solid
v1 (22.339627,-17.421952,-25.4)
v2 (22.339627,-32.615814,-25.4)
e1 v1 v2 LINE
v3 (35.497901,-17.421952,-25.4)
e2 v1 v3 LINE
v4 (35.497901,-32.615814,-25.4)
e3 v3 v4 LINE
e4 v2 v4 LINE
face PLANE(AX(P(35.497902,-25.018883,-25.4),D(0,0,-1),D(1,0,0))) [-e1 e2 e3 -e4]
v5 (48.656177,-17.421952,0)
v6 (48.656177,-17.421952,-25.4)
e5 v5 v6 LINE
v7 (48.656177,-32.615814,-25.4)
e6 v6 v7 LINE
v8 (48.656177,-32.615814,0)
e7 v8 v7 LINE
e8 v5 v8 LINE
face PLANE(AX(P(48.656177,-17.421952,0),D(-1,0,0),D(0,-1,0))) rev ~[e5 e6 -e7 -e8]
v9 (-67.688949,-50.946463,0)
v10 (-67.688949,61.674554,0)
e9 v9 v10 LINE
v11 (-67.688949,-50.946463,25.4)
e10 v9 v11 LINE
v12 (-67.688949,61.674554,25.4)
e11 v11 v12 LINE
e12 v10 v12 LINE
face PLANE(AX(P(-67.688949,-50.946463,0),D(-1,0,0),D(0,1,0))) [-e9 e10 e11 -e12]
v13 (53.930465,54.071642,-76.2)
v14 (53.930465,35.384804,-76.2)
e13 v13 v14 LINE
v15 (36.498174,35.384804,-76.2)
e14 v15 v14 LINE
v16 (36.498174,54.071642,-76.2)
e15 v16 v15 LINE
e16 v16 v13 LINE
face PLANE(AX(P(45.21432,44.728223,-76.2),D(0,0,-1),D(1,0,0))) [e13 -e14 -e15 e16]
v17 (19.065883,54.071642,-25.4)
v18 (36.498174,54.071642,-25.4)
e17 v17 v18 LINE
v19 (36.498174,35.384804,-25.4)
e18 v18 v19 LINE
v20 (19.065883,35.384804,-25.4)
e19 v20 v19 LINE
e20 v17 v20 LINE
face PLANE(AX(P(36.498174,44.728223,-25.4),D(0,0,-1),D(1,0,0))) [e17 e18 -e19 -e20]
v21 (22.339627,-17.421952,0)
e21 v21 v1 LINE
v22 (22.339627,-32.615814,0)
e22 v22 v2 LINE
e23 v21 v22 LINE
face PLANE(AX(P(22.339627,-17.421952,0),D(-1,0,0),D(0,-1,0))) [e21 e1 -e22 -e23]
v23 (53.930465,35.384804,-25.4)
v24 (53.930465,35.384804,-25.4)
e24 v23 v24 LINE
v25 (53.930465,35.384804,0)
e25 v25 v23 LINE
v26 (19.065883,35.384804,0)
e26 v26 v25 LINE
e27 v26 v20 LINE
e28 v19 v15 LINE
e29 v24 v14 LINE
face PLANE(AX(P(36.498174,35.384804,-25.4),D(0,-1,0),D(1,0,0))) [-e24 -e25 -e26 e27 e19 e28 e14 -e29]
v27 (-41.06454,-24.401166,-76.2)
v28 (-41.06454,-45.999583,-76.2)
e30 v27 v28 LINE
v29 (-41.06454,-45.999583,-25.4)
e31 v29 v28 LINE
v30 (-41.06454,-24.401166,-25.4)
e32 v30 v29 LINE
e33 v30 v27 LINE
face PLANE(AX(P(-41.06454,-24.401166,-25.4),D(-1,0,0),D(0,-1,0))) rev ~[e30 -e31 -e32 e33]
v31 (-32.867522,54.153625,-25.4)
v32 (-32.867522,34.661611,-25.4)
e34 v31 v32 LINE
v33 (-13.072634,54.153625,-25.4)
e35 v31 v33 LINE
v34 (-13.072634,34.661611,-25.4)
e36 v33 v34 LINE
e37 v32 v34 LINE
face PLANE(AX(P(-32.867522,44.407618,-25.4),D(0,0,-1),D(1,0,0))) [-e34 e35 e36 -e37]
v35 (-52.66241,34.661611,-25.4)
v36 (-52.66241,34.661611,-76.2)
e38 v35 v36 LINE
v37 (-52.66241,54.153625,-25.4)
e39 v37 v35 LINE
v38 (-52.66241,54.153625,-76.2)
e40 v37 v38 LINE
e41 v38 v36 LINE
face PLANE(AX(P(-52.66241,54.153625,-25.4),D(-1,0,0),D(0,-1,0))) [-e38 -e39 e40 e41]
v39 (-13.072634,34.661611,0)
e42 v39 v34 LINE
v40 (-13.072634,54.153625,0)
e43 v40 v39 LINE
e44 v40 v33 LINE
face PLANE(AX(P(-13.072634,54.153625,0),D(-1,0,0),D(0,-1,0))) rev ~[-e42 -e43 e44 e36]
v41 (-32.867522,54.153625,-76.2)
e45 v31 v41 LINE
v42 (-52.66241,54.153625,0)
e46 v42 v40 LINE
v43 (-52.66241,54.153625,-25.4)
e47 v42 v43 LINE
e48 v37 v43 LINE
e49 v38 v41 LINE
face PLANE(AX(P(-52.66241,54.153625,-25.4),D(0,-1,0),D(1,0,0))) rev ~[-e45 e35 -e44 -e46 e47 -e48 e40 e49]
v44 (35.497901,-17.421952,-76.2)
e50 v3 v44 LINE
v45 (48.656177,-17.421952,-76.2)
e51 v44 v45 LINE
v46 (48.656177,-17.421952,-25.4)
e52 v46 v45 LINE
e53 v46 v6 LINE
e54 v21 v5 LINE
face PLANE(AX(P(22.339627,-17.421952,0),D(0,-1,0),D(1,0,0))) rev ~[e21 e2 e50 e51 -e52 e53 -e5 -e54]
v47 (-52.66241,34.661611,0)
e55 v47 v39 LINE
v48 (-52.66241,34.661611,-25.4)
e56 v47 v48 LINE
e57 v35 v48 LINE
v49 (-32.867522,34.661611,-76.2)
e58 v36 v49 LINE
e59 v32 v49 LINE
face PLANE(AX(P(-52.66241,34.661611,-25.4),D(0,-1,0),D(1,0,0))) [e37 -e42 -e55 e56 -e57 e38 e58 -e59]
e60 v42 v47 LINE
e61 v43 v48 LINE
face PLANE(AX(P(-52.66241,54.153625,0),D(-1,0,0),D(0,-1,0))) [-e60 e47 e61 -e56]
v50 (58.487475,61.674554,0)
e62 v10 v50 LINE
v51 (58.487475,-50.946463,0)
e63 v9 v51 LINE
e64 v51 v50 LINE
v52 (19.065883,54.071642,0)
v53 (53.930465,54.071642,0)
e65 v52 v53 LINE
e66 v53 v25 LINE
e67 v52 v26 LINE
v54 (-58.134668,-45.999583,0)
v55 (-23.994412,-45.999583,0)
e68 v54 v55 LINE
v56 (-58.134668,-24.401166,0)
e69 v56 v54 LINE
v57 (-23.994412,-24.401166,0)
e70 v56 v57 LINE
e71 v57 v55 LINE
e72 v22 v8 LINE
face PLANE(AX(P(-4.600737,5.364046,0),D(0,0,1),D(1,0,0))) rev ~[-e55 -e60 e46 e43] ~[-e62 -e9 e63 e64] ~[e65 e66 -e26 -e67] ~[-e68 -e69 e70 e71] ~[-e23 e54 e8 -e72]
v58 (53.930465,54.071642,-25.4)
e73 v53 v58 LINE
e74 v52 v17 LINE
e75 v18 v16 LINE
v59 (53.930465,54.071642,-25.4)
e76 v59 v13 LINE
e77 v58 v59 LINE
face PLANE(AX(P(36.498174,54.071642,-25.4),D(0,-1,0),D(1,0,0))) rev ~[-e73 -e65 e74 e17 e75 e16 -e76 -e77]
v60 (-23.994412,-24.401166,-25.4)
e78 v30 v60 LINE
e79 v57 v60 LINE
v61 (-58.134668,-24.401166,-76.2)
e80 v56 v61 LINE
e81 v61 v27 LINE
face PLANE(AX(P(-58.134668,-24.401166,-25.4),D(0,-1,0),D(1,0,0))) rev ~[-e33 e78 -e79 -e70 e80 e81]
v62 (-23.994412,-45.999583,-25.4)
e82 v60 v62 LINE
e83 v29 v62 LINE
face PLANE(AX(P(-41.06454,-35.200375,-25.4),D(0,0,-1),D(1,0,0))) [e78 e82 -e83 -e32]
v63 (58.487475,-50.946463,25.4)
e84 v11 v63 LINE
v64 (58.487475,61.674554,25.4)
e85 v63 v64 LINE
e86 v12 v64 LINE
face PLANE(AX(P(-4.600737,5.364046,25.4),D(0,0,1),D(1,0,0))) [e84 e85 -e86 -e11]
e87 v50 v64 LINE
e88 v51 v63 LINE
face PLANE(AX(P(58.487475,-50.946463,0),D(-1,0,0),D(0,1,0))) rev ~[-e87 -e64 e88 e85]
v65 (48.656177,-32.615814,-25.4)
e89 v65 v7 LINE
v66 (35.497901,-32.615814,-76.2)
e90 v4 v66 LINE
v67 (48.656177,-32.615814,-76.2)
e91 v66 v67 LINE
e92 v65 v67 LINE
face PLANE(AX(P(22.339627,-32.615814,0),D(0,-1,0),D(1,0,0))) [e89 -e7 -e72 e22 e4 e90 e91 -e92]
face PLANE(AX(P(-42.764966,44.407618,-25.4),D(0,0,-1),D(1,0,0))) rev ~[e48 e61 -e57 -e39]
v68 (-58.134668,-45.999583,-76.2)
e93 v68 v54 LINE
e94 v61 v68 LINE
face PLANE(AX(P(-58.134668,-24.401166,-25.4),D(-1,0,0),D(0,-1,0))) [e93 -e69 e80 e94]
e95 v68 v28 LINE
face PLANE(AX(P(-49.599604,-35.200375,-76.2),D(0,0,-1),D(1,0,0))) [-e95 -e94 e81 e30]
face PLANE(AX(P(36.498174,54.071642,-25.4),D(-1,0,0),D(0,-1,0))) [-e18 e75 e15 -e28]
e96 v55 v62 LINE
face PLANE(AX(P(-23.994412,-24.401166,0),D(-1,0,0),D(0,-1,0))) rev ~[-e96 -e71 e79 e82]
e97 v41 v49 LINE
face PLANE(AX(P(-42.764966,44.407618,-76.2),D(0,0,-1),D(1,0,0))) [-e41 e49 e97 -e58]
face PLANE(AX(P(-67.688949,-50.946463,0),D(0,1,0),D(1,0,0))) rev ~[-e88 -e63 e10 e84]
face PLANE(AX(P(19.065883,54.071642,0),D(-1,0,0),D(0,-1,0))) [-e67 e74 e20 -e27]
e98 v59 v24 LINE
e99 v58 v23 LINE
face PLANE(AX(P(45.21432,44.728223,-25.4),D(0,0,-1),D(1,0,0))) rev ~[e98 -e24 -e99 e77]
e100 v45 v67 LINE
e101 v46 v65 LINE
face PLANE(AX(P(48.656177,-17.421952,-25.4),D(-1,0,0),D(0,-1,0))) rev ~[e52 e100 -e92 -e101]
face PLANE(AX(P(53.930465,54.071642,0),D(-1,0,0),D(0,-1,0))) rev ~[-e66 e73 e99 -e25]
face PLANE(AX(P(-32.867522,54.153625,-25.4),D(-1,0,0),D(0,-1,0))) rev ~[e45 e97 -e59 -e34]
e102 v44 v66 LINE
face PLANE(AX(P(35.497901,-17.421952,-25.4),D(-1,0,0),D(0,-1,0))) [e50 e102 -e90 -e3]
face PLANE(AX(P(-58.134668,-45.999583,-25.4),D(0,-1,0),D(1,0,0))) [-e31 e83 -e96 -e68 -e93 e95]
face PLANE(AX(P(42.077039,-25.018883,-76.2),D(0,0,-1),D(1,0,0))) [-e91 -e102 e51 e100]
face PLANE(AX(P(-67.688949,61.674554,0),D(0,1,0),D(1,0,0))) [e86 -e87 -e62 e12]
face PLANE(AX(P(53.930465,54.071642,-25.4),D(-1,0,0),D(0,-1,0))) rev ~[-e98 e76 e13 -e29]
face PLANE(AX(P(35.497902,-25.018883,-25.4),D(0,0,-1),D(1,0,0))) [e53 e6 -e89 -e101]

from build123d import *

# Parameters (mm, degrees)
F0_W      = 126.176424
F0_H      = 112.621017
F1_DEPTH  = 25.4
F2_W      = 26.31655
F2_H      = 15.193862
F3_DEPTH  = 25.4
F4_W      = 34.140256
F4_H      = 21.598417
F5_DEPTH  = 25.4
F7_W      = 34.864582
F7_H      = 18.686838
F8_DEPTH  = 25.4
F6_W      = 39.589775
F6_H      = 19.492015
F11_DEPTH = 25.4
F9_W      = 17.070128
F9_H      = 21.598417
F12_DEPTH = 50.8
F10_W     = 13.158275
F10_H     = 15.193862
F13_DEPTH = 50.8
F14_W     = 17.432291
F14_H     = 18.686838
F15_DEPTH = 50.8
F16_W     = 19.794888
F16_H     = 19.492015
F17_DEPTH = 50.8


with BuildPart() as f1:
    # F0 (on Top) → F1 (new body)
    with BuildSketch(Plane.XY):
        with Locations((-4.600737, 5.364046)):
            Rectangle(F0_W, F0_H)
    extrude(amount=F1_DEPTH)

    # F2 (on face) → F3 (join)
    with BuildSketch(Plane(origin=(0, 0, 0), x_dir=(1, 0, 0), z_dir=(0, 0, -1))):
        with Locations((35.497902, 25.018883)):
            Rectangle(F2_W, F2_H)
    extrude(amount=F3_DEPTH)

    # F4 (on face) → F5 (join)
    with BuildSketch(Plane(origin=(0, 0, 0), x_dir=(1, 0, 0), z_dir=(0, 0, -1))):
        with Locations((-41.06454, 35.200375)):
            Rectangle(F4_W, F4_H)
    extrude(amount=F5_DEPTH)

    # F7 (on face) → F8 (join)
    with BuildSketch(Plane(origin=(0, 0, 0), x_dir=(1, 0, 0), z_dir=(0, 0, -1))):
        with Locations((36.498174, -44.728223)):
            Rectangle(F7_W, F7_H)
    extrude(amount=F8_DEPTH)

    # F6 (on face) → F11 (join)
    with BuildSketch(Plane(origin=(0, 0, 0), x_dir=(1, 0, 0), z_dir=(0, 0, -1))):
        with Locations((-32.867522, -44.407618)):
            Rectangle(F6_W, F6_H)
    extrude(amount=F11_DEPTH)

    # F9 (on face) → F12 (join)
    with BuildSketch(Plane(origin=(0, 0, -25.4), x_dir=(1, 0, 0), z_dir=(0, 0, -1))):
        with Locations((-49.599604, 35.200375)):
            Rectangle(F9_W, F9_H)
    extrude(amount=F12_DEPTH)

    # F10 (on face) → F13 (join)
    with BuildSketch(Plane(origin=(0, 0, -25.4), x_dir=(1, 0, 0), z_dir=(0, 0, -1))):
        with Locations((42.077039, 25.018883)):
            Rectangle(F10_W, F10_H)
    extrude(amount=F13_DEPTH)

    # F14 (on face) → F15 (join)
    with BuildSketch(Plane(origin=(0, 0, -25.4), x_dir=(1, 0, 0), z_dir=(0, 0, -1))):
        with Locations((45.21432, -44.728223)):
            Rectangle(F14_W, F14_H)
    extrude(amount=F15_DEPTH)

    # F16 (on face) → F17 (join)
    with BuildSketch(Plane(origin=(0, 0, -25.4), x_dir=(1, 0, 0), z_dir=(0, 0, -1))):
        with Locations((-42.764966, -44.407618)):
            Rectangle(F16_W, F16_H)
    extrude(amount=F17_DEPTH)


solid = f1.part
